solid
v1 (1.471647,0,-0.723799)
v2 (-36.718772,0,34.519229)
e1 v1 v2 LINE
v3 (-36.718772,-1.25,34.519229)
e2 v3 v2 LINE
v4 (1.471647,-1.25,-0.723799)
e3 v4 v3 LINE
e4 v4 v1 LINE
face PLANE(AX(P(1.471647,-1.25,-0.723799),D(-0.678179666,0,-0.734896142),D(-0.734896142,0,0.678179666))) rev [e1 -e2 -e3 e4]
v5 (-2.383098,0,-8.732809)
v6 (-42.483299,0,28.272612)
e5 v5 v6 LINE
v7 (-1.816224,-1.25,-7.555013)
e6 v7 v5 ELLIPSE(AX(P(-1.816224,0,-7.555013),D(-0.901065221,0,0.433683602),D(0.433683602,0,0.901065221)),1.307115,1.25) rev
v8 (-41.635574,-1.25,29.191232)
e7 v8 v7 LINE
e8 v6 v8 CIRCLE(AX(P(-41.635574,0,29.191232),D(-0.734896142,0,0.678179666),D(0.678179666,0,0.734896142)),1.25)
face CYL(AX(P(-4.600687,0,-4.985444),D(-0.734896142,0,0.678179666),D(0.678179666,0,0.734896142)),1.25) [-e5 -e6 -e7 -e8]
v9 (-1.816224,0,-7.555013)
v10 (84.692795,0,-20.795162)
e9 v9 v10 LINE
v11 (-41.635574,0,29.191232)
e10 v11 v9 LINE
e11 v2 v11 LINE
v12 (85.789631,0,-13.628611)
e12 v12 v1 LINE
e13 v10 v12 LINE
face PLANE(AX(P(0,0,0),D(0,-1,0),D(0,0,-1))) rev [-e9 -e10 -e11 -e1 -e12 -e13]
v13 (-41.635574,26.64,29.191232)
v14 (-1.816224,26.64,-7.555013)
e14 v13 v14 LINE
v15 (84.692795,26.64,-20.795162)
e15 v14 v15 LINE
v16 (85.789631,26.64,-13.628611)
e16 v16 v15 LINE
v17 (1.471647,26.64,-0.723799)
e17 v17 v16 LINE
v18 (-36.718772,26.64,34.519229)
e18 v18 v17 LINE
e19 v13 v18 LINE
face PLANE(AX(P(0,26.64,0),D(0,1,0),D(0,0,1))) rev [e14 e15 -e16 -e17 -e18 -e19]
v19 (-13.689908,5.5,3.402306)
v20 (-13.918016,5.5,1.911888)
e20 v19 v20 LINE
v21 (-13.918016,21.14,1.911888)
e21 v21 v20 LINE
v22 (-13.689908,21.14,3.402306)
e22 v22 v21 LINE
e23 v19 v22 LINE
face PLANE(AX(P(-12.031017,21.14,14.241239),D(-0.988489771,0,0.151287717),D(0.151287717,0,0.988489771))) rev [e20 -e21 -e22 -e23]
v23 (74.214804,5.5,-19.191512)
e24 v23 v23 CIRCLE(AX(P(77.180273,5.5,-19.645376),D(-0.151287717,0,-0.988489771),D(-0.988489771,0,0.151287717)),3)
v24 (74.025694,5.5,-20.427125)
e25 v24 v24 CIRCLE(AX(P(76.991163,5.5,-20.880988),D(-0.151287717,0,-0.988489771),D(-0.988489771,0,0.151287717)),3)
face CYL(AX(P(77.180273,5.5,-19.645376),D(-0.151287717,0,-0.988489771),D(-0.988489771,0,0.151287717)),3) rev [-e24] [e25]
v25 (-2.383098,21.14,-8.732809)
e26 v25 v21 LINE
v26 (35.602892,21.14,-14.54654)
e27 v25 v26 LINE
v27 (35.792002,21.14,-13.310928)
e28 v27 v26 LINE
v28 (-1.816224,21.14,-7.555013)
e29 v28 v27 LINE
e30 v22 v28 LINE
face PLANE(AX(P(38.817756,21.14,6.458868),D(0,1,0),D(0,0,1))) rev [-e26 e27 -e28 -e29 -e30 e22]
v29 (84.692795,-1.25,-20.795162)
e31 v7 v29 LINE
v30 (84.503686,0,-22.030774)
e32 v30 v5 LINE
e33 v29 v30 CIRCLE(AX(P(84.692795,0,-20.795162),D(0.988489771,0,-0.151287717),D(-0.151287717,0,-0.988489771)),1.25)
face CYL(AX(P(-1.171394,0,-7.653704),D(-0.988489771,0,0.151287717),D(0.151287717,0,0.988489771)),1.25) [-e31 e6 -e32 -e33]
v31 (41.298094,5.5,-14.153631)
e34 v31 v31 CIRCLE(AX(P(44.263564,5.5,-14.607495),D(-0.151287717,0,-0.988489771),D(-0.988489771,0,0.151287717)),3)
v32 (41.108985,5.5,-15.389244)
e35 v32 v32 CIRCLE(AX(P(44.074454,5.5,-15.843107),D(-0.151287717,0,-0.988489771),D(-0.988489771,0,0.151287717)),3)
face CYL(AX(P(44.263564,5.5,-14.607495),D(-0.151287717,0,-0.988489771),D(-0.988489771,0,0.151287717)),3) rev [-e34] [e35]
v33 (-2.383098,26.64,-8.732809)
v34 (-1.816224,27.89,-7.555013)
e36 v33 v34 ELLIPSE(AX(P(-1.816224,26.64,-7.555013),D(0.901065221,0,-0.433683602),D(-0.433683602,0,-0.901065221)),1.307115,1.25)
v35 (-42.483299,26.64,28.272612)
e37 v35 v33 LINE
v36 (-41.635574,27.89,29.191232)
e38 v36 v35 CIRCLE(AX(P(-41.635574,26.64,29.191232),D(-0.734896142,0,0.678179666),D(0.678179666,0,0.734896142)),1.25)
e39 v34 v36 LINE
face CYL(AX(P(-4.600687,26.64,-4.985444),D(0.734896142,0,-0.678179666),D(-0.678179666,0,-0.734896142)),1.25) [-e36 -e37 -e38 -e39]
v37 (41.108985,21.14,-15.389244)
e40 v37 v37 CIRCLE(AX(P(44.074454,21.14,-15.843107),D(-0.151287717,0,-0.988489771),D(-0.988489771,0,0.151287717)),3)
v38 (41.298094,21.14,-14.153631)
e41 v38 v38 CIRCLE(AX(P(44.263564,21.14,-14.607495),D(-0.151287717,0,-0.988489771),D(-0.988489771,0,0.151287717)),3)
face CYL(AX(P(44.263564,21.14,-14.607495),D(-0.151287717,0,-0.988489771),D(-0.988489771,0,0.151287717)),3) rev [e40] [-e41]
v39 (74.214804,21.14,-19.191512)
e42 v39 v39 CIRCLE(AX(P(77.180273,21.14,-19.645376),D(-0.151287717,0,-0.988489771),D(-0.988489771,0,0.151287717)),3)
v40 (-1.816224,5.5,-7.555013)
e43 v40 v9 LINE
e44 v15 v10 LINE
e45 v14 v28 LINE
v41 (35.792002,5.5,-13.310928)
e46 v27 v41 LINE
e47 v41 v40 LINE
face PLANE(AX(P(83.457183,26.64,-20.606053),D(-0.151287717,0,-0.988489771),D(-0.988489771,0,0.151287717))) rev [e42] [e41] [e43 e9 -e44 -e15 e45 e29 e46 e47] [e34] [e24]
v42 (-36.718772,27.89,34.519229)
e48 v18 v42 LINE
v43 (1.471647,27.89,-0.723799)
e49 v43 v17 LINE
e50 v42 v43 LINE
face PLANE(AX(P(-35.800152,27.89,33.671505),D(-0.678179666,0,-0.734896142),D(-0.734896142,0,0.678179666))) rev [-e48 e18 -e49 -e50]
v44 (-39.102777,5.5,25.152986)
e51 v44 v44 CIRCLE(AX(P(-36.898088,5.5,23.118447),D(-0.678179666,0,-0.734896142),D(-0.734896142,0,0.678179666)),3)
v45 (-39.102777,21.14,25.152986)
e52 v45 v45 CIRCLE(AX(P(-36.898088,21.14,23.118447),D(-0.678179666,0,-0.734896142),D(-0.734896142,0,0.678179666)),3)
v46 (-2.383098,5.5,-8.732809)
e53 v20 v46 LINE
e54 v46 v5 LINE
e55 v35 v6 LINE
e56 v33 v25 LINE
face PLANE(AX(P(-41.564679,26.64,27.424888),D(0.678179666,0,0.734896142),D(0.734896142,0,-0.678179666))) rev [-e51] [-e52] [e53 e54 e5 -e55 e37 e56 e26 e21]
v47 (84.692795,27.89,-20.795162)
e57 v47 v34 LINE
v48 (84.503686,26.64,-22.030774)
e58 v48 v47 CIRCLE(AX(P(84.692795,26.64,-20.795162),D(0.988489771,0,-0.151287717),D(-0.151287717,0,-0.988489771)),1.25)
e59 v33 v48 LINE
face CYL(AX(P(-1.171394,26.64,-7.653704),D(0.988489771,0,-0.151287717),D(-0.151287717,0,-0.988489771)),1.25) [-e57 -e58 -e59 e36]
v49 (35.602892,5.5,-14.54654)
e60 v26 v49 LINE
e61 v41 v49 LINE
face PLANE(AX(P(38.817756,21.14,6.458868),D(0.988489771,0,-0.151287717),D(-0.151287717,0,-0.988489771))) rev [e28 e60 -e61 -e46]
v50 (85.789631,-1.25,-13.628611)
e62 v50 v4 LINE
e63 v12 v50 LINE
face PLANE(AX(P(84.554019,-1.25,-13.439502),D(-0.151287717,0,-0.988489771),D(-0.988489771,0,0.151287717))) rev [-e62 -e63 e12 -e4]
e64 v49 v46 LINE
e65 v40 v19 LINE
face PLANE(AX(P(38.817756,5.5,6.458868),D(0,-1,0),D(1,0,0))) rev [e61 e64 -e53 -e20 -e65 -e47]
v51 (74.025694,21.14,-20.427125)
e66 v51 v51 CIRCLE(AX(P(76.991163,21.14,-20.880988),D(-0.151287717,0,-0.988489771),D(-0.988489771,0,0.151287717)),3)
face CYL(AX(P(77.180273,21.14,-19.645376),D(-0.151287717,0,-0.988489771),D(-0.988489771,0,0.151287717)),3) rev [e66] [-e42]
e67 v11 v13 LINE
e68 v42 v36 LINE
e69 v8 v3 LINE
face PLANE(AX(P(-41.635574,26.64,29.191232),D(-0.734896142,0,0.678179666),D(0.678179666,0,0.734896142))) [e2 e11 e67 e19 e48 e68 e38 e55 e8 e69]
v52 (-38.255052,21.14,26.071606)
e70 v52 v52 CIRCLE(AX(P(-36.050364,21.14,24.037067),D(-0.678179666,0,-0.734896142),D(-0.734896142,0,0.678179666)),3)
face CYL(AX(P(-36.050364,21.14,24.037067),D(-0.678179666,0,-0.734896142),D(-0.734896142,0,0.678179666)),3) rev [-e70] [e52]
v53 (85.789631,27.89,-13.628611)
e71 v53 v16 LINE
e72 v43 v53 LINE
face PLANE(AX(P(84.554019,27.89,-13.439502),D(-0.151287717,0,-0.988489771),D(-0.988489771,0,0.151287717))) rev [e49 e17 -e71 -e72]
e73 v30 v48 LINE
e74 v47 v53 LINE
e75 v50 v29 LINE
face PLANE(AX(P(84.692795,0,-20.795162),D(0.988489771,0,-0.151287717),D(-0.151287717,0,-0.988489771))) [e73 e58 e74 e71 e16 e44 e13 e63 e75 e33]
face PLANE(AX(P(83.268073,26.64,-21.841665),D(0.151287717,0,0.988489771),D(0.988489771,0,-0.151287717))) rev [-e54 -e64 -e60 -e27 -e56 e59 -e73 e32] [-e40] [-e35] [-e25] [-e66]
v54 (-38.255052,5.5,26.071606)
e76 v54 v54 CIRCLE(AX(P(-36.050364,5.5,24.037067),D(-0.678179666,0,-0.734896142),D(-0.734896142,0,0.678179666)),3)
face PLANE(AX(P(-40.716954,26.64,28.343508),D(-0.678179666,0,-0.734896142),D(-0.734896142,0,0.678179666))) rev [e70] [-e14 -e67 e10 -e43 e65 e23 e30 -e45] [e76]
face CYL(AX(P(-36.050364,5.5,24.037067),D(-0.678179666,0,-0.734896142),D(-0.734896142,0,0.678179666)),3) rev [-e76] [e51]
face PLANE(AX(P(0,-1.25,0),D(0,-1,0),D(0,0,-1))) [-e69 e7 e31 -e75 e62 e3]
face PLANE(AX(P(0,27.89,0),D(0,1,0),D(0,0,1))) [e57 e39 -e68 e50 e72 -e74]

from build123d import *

# Parameters (mm, degrees)
BOSS_EXTRUDE1_DEPTH = 26.64
BOSS_EXTRUDE2_DEPTH = 1.25
BOSS_EXTRUDE3_DEPTH = 1.25
FILLET1_R           = 1.25
SKETCH4_R           = 3
CUT_EXTRUDE1_DEPTH  = 1.25
BOSS_EXTRUDE4_START = 1.25
BOSS_EXTRUDE4_DEPTH = 1.25
SKETCH6_R           = 3
CUT_EXTRUDE2_DEPTH  = 1.25
BOSS_EXTRUDE5_DEPTH = 1.25
SKETCH8_W           = 51.440869123
SKETCH8_H           = 15.64
CUT_EXTRUDE3_DEPTH  = 21.25


with BuildPart() as part:
    # Sketch1 → Boss-Extrude1 (new body)
    with BuildSketch(Plane(origin=(0, 0, 0), x_dir=(1, 0, 0), z_dir=(0, 1, 0))):
        Polygon((83.457182963, 20.606052526), (-1.816223719, 7.555013068), (-40.71695424, -28.343507726), (-41.564678823, -27.424887548), (-2.383097929, 8.732808661), (83.268073317, 21.841664739), align=None)
    extrude(amount=BOSS_EXTRUDE1_DEPTH)

    # Sketch2 → Boss-Extrude2 (add)
    with BuildSketch(Plane(origin=(0, 26.64, 0), x_dir=(1, 0, 0), z_dir=(0, 1, 0))):
        Polygon((83.268073317, 21.841664739), (84.55401891, 13.439501688), (1.471646699, 0.723798632), (-35.800151659, -33.671504758), (-41.564678823, -27.424887548), (-2.383097929, 8.732808661), align=None)
    extrude(amount=BOSS_EXTRUDE2_DEPTH)

    # Sketch3 → Boss-Extrude3 (add)
    with BuildSketch(Plane.XZ):
        Polygon((83.268073317, -21.841664739), (84.55401891, -13.439501688), (1.471646699, -0.723798632), (-35.800151659, 33.671504758), (-41.564678823, 27.424887548), (-2.383097929, -8.732808661), align=None)
    extrude(amount=BOSS_EXTRUDE3_DEPTH)

    # Fillet1
    fillet1_edges = [part.edges().sort_by_distance(p)[0] for p in [
        (40.442487694, 27.89, -15.2872367),
        (-21.973888376, 27.89, 9.346039443),
        (40.442487694, -1.25, -15.2872367),
        (-21.973888376, -1.25, 9.346039443),
    ]]
    fillet(fillet1_edges, radius=FILLET1_R)

    # Sketch4 → Cut-Extrude1 (cut)
    with BuildSketch(Plane(origin=(-1.360504034, 0, -8.889315992), x_dir=(-0.98848977068378, 0, 0.15128771679659964), z_dir=(-0.15128771679659964, 0, -0.98848977068378))):
        with Locations((-79.264014288, 21.14)):
            Circle(SKETCH4_R)
        with Locations((-45.964014288, 21.14)):
            Circle(SKETCH4_R)
        with Locations((-45.964014288, 5.5)):
            Circle(SKETCH4_R)
        with Locations((-79.264014288, 5.5)):
            Circle(SKETCH4_R)
    extrude(amount=-CUT_EXTRUDE1_DEPTH, mode=Mode.SUBTRACT)

    # Sketch5 → Boss-Extrude4 (add)
    with BuildSketch(Plane(origin=(84.628577351, 0, -12.952348747), x_dir=(-0.15128771679660272, 0, -0.9884897706837796), z_dir=(0.9884897706837796, 0, -0.15128771679660272)).offset(BOSS_EXTRUDE4_START)):
        with BuildLine():
            Line((0.492825475, -1.25), (7.742825475, -1.25))
            ThreePointArc((7.742825475, -1.25), (8.626708952, -0.883883476), (8.992825475, 0))
            Line((8.992825475, 0), (8.992825475, 26.64))
            ThreePointArc((8.992825475, 26.64), (8.626708952, 27.523883476), (7.742825475, 27.89))
            Line((7.742825475, 27.89), (0.492825475, 27.89))
            Line((0.492825475, 27.89), (0.492825475, 26.64))
            Line((0.492825475, 26.64), (7.742825475, 26.64))
            Line((7.742825475, 26.64), (7.742825475, 0))
            Line((7.742825475, 0), (0.492825475, 0))
            Line((0.492825475, 0), (0.492825475, -1.25))
        make_face()
    extrude(amount=-BOSS_EXTRUDE4_DEPTH)

    # Sketch6 → Cut-Extrude2 (cut)
    with BuildSketch(Plane(origin=(-5.448411315, 0, -5.904064448), x_dir=(-0.7348961423682216, 0, 0.6781796664102415), z_dir=(-0.6781796664102415, 0, -0.7348961423682216))):
        with Locations((42.794723214, 5.5)):
            Circle(SKETCH6_R)
        with Locations((42.794723214, 21.14)):
            Circle(SKETCH6_R)
    extrude(amount=-CUT_EXTRUDE2_DEPTH, mode=Mode.SUBTRACT)

    # Sketch7 → Boss-Extrude5 (add)
    with BuildSketch(Plane(origin=(-36.116267508, 0, 33.328951995), x_dir=(0.6781796664102416, 0, 0.7348961423682215), z_dir=(-0.7348961423682215, 0, 0.6781796664102416))):
        with BuildLine():
            Line((-8.033875955, 26.64), (-8.033875955, 0))
            ThreePointArc((-8.033875955, 0), (-7.667759432, -0.883883476), (-6.783875955, -1.25))
            Line((-6.783875955, -1.25), (0.466124045, -1.25))
            Line((0.466124045, -1.25), (0.466124045, 0))
            Line((0.466124045, 0), (-6.783875955, 0))
            Line((-6.783875955, 0), (-6.783875955, 26.64))
            Line((-6.783875955, 26.64), (0.466124045, 26.64))
            Line((0.466124045, 26.64), (0.466124045, 27.89))
            Line((0.466124045, 27.89), (-6.783875955, 27.89))
            ThreePointArc((-6.783875955, 27.89), (-7.667759432, 27.523883476), (-8.033875955, 26.64))
        make_face()
    extrude(amount=BOSS_EXTRUDE5_DEPTH)

    # Sketch8 → Cut-Extrude3 (cut)
    with BuildSketch(Plane(origin=(-1.360504034, 0, -8.889315992), x_dir=(-0.98848977068378, 0, 0.15128771679659964), z_dir=(-0.15128771679659964, 0, -0.98848977068378))):
        with Locations((-11.673373202, 13.32)):
            Rectangle(SKETCH8_W, SKETCH8_H)
    extrude(amount=-CUT_EXTRUDE3_DEPTH, mode=Mode.SUBTRACT)


solid = part.part
